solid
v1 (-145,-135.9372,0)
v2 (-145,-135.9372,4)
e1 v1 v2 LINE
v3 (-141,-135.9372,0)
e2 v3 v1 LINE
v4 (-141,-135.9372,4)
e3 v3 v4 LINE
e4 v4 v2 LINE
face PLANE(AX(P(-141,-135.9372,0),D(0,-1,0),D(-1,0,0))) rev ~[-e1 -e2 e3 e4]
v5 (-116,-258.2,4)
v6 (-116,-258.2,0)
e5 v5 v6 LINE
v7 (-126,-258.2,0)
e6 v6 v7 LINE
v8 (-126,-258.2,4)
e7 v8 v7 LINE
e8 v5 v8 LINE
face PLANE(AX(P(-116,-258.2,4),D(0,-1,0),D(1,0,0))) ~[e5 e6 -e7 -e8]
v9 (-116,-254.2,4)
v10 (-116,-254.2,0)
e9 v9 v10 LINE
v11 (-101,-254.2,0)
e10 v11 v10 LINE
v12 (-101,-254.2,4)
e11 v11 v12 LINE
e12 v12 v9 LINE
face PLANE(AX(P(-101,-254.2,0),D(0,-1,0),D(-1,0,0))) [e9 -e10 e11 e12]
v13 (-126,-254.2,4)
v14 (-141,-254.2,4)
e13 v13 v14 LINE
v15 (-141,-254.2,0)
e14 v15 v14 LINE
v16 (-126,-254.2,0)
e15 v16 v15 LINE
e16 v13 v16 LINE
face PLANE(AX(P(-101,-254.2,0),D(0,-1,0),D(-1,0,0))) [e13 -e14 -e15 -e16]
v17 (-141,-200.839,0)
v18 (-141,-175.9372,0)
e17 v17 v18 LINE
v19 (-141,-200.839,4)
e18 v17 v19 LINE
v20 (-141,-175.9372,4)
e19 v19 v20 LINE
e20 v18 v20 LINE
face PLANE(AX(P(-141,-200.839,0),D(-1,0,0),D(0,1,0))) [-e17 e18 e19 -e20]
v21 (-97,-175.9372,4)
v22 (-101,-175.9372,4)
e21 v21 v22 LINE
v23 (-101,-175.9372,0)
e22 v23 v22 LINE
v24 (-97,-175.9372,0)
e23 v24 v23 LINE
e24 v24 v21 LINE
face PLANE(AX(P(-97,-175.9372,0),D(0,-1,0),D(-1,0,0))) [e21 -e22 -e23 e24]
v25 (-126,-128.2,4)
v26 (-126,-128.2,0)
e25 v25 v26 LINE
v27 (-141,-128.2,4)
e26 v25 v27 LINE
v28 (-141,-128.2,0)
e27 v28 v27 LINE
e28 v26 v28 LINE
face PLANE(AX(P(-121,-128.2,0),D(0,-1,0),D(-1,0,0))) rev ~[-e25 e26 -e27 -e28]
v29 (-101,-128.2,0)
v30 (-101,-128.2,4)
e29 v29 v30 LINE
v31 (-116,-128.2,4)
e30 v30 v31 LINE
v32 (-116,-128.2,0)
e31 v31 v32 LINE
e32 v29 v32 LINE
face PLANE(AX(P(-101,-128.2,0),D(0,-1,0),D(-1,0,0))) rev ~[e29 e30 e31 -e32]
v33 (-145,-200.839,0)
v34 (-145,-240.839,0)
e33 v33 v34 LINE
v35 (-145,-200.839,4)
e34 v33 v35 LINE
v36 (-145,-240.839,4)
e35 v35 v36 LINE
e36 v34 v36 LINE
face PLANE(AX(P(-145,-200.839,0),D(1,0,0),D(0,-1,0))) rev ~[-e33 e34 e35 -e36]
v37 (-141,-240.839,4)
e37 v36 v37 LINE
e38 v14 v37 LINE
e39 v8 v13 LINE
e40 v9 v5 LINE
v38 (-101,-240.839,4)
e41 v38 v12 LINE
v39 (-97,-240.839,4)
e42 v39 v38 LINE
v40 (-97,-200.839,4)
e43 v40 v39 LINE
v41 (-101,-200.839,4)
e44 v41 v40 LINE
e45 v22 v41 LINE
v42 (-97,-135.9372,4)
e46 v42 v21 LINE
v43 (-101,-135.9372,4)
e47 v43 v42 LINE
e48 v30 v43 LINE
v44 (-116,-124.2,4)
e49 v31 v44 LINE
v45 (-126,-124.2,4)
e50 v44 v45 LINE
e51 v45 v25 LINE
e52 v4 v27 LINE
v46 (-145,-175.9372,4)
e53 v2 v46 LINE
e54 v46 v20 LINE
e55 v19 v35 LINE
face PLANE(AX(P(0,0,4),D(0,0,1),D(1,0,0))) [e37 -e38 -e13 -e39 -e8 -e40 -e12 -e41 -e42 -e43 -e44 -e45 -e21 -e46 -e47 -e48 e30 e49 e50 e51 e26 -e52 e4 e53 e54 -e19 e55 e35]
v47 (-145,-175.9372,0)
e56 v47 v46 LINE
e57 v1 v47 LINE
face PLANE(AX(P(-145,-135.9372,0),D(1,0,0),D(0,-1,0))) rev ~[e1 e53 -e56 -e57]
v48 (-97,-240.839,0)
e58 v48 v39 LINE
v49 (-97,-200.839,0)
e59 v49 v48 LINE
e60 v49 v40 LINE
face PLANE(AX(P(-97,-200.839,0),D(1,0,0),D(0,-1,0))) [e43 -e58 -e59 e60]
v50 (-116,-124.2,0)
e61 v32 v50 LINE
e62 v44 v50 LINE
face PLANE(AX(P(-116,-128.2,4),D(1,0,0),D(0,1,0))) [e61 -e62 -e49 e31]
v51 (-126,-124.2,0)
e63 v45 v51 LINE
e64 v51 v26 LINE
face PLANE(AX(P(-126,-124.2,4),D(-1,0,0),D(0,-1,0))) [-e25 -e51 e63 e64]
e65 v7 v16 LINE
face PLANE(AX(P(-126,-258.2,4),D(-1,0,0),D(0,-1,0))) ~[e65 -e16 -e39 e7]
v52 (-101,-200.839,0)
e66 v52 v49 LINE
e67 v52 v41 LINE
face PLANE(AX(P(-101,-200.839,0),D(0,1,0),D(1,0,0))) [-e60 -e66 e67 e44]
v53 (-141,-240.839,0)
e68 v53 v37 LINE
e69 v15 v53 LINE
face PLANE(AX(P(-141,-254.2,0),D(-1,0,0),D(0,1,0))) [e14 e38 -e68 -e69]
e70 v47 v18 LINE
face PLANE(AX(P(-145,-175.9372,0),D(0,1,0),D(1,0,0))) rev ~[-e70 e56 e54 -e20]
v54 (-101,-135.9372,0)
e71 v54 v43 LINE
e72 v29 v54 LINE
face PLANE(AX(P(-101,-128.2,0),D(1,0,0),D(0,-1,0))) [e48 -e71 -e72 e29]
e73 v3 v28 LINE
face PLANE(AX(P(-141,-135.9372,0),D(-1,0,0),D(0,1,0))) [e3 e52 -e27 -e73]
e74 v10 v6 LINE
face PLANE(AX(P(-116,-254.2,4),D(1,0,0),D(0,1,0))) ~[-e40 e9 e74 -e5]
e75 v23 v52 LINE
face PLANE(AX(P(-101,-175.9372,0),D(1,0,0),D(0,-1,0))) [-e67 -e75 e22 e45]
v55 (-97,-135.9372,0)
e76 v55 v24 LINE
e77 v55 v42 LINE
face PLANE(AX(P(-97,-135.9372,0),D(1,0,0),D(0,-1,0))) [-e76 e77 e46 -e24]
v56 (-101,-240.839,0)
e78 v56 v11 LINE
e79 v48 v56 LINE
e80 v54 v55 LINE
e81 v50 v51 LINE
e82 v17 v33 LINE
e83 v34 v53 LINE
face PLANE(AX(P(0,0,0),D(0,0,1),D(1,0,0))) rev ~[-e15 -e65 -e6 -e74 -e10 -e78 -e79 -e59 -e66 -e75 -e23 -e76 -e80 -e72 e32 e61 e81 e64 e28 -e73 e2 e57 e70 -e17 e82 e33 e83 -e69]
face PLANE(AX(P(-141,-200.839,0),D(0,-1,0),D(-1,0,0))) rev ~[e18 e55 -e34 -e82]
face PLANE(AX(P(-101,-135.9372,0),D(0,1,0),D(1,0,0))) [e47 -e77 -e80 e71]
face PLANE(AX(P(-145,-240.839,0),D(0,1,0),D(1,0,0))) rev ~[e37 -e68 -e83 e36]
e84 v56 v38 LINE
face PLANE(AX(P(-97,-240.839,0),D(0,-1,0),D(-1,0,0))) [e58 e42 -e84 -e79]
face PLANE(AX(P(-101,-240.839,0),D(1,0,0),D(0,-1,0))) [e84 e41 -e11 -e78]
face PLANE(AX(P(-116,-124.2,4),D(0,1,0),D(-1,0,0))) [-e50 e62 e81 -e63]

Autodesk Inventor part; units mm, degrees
ref_plane "YZ Plane" through (0, 0, 0) normal (1, 0, 0) x (0, 1, 0)
ref_plane "XZ Plane" through (0, 0, 0) normal (0, 1, 0) x (-1, 0, 0)
sketch "Sketch1" plane through (0, 0, 0) normal (0, 0, 1) x (1, 0, 0)
  line L0 (-101, -200.839) -> (-97, -200.839)
  line L1 (-97, -200.839) -> (-97, -240.839)
  line L2 (-97, -240.839) -> (-101, -240.839)
  line L3 (-101, -240.839) -> (-101, -258.2)
  line L4 (-101, -128.2) -> (-101, -135.9372)
  line L5 (-101, -135.9372) -> (-97, -135.9372)
  line L6 (-97, -135.9372) -> (-97, -175.9372)
  line L7 (-97, -175.9372) -> (-101, -175.9372)
  line L8 (-101, -175.9372) -> (-101, -200.839)
  line L9 (-101, -258.2) -> (-101, -254.2)
  line L10 (-101, -254.2) -> (-141, -254.2)
  line L11 (-101, -128.2) -> (-141, -128.2)
  line L12 (-121, -128.2) -> (-121, -103.1789)
  line L13 (-145, -200.839) -> (-145, -240.839)
  line L14 (-145, -240.839) -> (-141, -240.839)
  line L15 (-141, -200.839) -> (-145, -200.839)
  line L16 (-145, -175.9372) -> (-141, -175.9372)
  line L17 (-145, -135.9372) -> (-145, -175.9372)
  line L18 (-141, -135.9372) -> (-145, -135.9372)
  line L19 (-141, -135.9372) -> (-141, -128.2)
  line L20 (-141, -254.2) -> (-141, -240.839)
  line L21 (-141, -200.839) -> (-141, -175.9372)
  point P0 (0, 0)
  dimension "d0" = 4
  dimension "d1" = 40
  dimension "d2" = 40
  dimension "d3" = 40
extrude "Extrusion1" add sketch "Sketch1" along normal blind 4
sketch "Sketch2" plane through (0, 0, 4) normal (0, 0, 1) x (1, 0, 0)
  line L0 (-97, -200.839) -> (-101, -200.839) projected
  line L1 (-101, -200.839) -> (-101, -175.9372) projected
  line L2 (-101, -175.9372) -> (-97, -175.9372) projected
  line L3 (-97, -175.9372) -> (-97, -135.9372) projected
  line L4 (-97, -135.9372) -> (-101, -135.9372) projected
  line L5 (-101, -135.9372) -> (-101, -128.2) projected
  line L6 (-101, -128.2) -> (-141, -128.2) projected
  line L7 (-141, -128.2) -> (-141, -135.9372) projected
  line L8 (-141, -135.9372) -> (-145, -135.9372) projected
  line L9 (-145, -135.9372) -> (-145, -175.9372) projected
  line L10 (-145, -175.9372) -> (-141, -175.9372) projected
  line L11 (-141, -175.9372) -> (-141, -200.839) projected
  line L12 (-141, -200.839) -> (-145, -200.839) projected
  line L13 (-145, -200.839) -> (-145, -240.839) projected
  line L14 (-145, -240.839) -> (-141, -240.839) projected
  line L15 (-141, -240.839) -> (-141, -254.2) projected
  line L16 (-141, -254.2) -> (-101, -254.2) projected
  line L17 (-101, -254.2) -> (-101, -240.839) projected
  line L18 (-101, -240.839) -> (-97, -240.839) projected
  line L19 (-97, -240.839) -> (-97, -200.839) projected
  line L20 (-126, -128.2) -> (-116, -128.2)
  line L21 (-116, -128.2) -> (-116, -124.2)
  line L22 (-116, -124.2) -> (-126, -124.2)
  line L23 (-126, -124.2) -> (-126, -128.2)
  point P0 (0, 0)
  point P1 (-121, -128.2)
  dimension "d6" = 10
  dimension "d7" = 4
extrude "Extrusion2" add sketch "Sketch2" against normal blind 4 contours L6 L23 L22 L21
ref_plane "Work Plane1" through (-101, -191.2, 4) normal (0, 1, 0) x (1, 0, 0)
mirror "Mirror1" about plane through (-101, -191.2, 4) normal (0, 1, 0) of "Extrusion2"
properties part number "F7"
